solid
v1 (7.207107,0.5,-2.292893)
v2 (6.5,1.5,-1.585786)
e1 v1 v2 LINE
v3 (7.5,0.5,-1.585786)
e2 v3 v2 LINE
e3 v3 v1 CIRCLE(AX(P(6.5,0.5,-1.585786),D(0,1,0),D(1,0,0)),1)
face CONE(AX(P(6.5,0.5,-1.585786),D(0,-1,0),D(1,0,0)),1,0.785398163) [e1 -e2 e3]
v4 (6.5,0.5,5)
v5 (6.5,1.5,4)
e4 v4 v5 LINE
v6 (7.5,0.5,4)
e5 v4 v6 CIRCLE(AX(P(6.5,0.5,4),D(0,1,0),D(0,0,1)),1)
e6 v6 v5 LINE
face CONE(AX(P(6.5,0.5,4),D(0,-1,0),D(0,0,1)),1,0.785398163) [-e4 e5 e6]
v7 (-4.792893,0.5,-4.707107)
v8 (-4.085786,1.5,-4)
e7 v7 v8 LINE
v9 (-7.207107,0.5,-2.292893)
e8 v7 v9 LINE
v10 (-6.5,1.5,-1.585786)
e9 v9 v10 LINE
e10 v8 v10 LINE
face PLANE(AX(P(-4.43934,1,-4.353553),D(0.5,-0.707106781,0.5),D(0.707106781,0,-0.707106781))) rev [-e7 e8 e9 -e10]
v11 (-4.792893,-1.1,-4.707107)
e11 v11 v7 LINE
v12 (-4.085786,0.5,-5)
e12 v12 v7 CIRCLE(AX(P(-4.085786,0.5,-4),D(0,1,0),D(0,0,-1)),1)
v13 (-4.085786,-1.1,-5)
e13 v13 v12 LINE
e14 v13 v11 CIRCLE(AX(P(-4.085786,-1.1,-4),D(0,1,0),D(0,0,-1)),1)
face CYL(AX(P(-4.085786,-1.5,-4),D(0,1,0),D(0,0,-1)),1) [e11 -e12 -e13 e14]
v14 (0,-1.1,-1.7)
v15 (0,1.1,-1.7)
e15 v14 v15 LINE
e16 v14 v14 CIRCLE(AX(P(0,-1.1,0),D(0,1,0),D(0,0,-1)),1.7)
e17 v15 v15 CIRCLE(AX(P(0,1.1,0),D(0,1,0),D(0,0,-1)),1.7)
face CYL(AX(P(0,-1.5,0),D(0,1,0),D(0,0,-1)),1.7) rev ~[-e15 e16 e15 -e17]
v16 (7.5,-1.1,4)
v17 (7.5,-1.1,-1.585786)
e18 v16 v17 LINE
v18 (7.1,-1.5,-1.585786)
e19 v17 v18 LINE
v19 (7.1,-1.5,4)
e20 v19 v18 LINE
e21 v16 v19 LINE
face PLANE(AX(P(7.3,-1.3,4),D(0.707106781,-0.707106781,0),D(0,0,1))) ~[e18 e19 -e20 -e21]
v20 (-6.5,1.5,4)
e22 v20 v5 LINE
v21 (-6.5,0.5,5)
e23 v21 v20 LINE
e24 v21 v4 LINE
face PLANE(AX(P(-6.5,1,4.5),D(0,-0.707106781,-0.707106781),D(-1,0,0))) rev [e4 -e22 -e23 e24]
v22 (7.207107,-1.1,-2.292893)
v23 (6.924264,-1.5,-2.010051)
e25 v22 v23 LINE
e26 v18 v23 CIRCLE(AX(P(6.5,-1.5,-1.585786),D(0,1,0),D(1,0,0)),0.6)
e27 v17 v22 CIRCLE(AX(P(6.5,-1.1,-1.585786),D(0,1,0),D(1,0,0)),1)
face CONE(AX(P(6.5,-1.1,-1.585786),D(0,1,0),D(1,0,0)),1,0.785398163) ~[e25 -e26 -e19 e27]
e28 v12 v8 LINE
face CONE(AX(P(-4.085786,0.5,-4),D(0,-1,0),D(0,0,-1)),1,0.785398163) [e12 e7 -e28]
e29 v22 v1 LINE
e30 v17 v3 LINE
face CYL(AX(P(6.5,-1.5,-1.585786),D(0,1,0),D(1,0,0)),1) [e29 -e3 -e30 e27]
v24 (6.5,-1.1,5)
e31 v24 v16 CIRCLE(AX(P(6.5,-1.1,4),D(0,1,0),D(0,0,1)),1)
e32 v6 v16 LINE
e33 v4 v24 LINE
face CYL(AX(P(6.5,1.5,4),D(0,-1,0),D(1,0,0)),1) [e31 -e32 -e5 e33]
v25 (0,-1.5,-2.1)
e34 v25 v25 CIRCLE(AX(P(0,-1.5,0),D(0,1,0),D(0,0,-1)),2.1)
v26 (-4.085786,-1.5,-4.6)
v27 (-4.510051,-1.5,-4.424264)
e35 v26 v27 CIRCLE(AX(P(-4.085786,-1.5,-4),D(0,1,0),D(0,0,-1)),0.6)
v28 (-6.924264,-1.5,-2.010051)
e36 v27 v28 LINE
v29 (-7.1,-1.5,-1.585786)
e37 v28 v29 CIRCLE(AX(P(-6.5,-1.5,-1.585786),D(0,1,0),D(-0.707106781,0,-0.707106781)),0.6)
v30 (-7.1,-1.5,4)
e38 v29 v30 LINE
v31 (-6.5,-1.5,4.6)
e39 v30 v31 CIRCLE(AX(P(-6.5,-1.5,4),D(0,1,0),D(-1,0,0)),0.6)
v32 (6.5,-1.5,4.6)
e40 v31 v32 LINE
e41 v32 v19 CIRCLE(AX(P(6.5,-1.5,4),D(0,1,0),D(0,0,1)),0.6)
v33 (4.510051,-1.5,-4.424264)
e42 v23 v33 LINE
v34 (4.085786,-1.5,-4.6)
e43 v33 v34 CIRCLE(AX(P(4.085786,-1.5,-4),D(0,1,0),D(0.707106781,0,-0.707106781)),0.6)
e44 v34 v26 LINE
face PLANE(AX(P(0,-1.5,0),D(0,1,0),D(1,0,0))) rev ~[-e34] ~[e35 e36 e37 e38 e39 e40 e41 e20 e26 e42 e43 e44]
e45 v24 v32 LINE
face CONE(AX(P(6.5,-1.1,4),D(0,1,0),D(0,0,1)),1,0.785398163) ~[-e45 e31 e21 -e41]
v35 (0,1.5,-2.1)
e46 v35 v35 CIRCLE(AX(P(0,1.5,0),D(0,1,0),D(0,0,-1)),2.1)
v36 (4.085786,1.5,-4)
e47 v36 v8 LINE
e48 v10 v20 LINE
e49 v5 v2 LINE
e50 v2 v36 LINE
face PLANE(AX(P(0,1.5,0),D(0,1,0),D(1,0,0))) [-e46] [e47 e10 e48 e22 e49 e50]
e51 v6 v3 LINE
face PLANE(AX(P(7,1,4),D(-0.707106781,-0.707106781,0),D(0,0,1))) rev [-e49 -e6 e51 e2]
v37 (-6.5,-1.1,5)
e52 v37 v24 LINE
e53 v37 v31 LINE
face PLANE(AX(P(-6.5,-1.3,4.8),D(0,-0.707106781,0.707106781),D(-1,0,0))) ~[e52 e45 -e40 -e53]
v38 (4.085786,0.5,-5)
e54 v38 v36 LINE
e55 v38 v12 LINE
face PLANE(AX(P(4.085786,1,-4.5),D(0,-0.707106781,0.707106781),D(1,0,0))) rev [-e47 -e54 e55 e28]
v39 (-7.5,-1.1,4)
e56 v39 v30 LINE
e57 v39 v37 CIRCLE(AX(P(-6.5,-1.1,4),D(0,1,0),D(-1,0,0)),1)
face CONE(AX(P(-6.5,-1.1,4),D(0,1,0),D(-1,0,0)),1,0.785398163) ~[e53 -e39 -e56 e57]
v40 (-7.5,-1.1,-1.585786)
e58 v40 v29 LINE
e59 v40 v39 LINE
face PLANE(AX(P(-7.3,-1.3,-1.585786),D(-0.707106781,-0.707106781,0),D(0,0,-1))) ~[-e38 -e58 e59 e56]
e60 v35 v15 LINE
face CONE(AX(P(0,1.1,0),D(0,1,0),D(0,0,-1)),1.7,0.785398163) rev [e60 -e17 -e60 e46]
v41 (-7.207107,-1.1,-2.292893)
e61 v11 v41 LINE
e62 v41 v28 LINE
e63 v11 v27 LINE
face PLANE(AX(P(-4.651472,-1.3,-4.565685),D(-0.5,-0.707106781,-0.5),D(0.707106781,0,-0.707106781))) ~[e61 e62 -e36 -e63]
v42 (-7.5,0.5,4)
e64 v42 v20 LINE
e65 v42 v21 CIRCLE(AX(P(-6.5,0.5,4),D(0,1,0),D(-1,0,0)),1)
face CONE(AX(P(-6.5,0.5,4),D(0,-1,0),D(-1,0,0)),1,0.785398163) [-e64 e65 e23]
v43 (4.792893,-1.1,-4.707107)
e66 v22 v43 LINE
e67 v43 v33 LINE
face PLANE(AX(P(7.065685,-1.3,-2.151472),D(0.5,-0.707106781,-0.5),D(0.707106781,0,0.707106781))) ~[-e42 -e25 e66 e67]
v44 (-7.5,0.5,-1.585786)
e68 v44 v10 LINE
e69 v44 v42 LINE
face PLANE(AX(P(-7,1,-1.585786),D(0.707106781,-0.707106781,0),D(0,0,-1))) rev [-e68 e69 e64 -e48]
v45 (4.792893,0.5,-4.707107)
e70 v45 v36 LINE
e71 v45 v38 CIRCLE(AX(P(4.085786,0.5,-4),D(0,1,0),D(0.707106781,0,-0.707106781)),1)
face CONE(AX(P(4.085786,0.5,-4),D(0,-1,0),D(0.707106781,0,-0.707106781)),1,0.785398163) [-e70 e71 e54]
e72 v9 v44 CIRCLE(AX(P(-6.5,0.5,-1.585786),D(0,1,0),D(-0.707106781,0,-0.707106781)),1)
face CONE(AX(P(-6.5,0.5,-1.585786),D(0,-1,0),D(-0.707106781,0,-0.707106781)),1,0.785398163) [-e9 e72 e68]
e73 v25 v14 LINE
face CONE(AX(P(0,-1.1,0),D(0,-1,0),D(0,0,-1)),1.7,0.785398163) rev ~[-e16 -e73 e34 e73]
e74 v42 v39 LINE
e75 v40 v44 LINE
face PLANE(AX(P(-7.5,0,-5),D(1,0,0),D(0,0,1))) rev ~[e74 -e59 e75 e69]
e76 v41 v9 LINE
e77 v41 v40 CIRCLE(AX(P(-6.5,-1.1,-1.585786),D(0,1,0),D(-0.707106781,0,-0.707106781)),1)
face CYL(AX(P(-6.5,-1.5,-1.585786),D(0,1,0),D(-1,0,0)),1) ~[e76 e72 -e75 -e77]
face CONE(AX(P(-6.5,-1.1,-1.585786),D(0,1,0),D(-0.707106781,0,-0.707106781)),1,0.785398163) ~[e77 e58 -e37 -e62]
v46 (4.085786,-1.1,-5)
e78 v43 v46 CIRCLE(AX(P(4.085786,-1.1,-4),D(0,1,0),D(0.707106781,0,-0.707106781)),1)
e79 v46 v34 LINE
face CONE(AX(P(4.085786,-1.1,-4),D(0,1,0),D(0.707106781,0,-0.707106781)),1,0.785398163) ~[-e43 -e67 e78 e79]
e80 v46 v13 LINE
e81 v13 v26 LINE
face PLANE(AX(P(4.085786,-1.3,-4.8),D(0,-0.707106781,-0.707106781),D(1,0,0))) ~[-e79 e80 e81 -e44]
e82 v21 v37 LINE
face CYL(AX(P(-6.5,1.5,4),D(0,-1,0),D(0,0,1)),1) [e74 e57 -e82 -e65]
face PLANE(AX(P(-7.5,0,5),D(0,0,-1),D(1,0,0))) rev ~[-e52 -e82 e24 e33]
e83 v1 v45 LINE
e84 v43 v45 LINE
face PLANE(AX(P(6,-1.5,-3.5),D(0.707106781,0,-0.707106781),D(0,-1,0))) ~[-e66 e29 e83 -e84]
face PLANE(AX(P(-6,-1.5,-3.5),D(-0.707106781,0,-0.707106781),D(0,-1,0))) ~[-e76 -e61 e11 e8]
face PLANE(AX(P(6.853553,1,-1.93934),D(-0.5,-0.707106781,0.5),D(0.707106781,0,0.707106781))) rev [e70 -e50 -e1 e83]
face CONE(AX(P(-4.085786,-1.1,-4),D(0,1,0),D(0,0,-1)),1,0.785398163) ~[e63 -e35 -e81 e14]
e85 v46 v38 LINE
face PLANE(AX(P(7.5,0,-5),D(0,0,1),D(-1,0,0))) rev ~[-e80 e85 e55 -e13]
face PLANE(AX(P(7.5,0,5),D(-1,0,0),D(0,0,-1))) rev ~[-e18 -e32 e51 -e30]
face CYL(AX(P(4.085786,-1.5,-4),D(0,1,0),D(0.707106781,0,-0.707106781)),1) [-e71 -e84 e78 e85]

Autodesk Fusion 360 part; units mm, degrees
sketch "Sketch1" plane through (0, 0, 0) normal (0, 1, 0) x (1, 0, 0) in component "[a]_Railstops_x6"
  line L0 (7.5, 5) -> (-7.5, 5)
  line L1 (-7.5, 5) -> (-7.5, -5)
  line L2 (-7.5, -5) -> (7.5, -5)
  line L3 (7.5, -5) -> (7.5, 5)
  line L4 (7.5, 5) -> (-7.5, -5) construction
  line L5 (-7.5, 5) -> (7.5, -5) construction
  dimension "d1" = 15
  dimension "d2" = 10
extrude "Extrude1" add sketch "Sketch1" along normal mid plane 3 in component "[a]_Railstops_x6"
chamfer "Chamfer1" distance 3 angle 45 2 edges at (-7.5, 0, -5) (7.5, 0, -5) measured on face at (-2.5, 0.5, -5) measured on face at (7.5, -0.5, 1.6667) in component "[a]_Railstops_x6"
fillet "Fillet1" radius 1 6 edges at (7.5, 0, 5) (-7.5, 0, 5) (-7.5, 0, -2) (-4.5, 0, -5) (4.5, 0, -5) (7.5, 0, -2) in component "[a]_Railstops_x6"
chamfer "Chamfer2" distance 0.4 angle 45 1 faces at (-1.3619, -1.5, 1.6667) in component "[a]_Railstops_x6"
chamfer "Chamfer2" distance 1 angle 45 1 faces at (-1.3619, 1.5, 1.6667) in component "[a]_Railstops_x6"
sketch "Sketch2" plane through (0, -1.5, 0) normal (0, -1, 0) x (1, 0, 0) in component "[a]_Railstops_x6"
  arc A0 (6.9243, -2.0101) -> (7.1, -1.5858) centre (6.5, -1.5858) ccw
  line L0 (7.1, -1.5858) -> (7.1, 4)
  arc A1 (7.1, 4) -> (6.5, 4.6) centre (6.5, 4) ccw
  line L1 (6.5, 4.6) -> (-6.5, 4.6)
  arc A2 (-6.5, 4.6) -> (-7.1, 4) centre (-6.5, 4) ccw
  line L2 (-7.1, 4) -> (-7.1, -1.5858)
  arc A3 (-7.1, -1.5858) -> (-6.9243, -2.0101) centre (-6.5, -1.5858) ccw
  line L3 (-6.9243, -2.0101) -> (-4.5101, -4.4243)
  arc A4 (-4.5101, -4.4243) -> (-4.0858, -4.6) centre (-4.0858, -4) ccw
  line L4 (-4.0858, -4.6) -> (4.0858, -4.6)
  arc A5 (4.0858, -4.6) -> (4.5101, -4.4243) centre (4.0858, -4) ccw
  line L5 (4.5101, -4.4243) -> (6.9243, -2.0101)
  line L6 (0, 0) -> (0, 7) construction
  point P0 (0, 0.5)
  dimension "d16" = 0.5
hole "Hole1" at (0, -1.5, 0) direction (0, 1, 0) diameter 3.4 end through all in component "[a]_Railstops_x6"
chamfer "Chamfer3" distance 0.4 angle 45 2 edges at (0.6147, -1.5, 1.585) (-0.6147, 1.5, 1.585) measured on face at (-5.2858, -1.5, 0.9308) measured on face at (4.8858, 1.5, 0.9308) in component "[a]_Railstops_x6"
component "[a]_Railstops_x6" placed x (1, 0, 0) y (0, 1, 0) z (0, 0, 1) at (0, 0, 0)
